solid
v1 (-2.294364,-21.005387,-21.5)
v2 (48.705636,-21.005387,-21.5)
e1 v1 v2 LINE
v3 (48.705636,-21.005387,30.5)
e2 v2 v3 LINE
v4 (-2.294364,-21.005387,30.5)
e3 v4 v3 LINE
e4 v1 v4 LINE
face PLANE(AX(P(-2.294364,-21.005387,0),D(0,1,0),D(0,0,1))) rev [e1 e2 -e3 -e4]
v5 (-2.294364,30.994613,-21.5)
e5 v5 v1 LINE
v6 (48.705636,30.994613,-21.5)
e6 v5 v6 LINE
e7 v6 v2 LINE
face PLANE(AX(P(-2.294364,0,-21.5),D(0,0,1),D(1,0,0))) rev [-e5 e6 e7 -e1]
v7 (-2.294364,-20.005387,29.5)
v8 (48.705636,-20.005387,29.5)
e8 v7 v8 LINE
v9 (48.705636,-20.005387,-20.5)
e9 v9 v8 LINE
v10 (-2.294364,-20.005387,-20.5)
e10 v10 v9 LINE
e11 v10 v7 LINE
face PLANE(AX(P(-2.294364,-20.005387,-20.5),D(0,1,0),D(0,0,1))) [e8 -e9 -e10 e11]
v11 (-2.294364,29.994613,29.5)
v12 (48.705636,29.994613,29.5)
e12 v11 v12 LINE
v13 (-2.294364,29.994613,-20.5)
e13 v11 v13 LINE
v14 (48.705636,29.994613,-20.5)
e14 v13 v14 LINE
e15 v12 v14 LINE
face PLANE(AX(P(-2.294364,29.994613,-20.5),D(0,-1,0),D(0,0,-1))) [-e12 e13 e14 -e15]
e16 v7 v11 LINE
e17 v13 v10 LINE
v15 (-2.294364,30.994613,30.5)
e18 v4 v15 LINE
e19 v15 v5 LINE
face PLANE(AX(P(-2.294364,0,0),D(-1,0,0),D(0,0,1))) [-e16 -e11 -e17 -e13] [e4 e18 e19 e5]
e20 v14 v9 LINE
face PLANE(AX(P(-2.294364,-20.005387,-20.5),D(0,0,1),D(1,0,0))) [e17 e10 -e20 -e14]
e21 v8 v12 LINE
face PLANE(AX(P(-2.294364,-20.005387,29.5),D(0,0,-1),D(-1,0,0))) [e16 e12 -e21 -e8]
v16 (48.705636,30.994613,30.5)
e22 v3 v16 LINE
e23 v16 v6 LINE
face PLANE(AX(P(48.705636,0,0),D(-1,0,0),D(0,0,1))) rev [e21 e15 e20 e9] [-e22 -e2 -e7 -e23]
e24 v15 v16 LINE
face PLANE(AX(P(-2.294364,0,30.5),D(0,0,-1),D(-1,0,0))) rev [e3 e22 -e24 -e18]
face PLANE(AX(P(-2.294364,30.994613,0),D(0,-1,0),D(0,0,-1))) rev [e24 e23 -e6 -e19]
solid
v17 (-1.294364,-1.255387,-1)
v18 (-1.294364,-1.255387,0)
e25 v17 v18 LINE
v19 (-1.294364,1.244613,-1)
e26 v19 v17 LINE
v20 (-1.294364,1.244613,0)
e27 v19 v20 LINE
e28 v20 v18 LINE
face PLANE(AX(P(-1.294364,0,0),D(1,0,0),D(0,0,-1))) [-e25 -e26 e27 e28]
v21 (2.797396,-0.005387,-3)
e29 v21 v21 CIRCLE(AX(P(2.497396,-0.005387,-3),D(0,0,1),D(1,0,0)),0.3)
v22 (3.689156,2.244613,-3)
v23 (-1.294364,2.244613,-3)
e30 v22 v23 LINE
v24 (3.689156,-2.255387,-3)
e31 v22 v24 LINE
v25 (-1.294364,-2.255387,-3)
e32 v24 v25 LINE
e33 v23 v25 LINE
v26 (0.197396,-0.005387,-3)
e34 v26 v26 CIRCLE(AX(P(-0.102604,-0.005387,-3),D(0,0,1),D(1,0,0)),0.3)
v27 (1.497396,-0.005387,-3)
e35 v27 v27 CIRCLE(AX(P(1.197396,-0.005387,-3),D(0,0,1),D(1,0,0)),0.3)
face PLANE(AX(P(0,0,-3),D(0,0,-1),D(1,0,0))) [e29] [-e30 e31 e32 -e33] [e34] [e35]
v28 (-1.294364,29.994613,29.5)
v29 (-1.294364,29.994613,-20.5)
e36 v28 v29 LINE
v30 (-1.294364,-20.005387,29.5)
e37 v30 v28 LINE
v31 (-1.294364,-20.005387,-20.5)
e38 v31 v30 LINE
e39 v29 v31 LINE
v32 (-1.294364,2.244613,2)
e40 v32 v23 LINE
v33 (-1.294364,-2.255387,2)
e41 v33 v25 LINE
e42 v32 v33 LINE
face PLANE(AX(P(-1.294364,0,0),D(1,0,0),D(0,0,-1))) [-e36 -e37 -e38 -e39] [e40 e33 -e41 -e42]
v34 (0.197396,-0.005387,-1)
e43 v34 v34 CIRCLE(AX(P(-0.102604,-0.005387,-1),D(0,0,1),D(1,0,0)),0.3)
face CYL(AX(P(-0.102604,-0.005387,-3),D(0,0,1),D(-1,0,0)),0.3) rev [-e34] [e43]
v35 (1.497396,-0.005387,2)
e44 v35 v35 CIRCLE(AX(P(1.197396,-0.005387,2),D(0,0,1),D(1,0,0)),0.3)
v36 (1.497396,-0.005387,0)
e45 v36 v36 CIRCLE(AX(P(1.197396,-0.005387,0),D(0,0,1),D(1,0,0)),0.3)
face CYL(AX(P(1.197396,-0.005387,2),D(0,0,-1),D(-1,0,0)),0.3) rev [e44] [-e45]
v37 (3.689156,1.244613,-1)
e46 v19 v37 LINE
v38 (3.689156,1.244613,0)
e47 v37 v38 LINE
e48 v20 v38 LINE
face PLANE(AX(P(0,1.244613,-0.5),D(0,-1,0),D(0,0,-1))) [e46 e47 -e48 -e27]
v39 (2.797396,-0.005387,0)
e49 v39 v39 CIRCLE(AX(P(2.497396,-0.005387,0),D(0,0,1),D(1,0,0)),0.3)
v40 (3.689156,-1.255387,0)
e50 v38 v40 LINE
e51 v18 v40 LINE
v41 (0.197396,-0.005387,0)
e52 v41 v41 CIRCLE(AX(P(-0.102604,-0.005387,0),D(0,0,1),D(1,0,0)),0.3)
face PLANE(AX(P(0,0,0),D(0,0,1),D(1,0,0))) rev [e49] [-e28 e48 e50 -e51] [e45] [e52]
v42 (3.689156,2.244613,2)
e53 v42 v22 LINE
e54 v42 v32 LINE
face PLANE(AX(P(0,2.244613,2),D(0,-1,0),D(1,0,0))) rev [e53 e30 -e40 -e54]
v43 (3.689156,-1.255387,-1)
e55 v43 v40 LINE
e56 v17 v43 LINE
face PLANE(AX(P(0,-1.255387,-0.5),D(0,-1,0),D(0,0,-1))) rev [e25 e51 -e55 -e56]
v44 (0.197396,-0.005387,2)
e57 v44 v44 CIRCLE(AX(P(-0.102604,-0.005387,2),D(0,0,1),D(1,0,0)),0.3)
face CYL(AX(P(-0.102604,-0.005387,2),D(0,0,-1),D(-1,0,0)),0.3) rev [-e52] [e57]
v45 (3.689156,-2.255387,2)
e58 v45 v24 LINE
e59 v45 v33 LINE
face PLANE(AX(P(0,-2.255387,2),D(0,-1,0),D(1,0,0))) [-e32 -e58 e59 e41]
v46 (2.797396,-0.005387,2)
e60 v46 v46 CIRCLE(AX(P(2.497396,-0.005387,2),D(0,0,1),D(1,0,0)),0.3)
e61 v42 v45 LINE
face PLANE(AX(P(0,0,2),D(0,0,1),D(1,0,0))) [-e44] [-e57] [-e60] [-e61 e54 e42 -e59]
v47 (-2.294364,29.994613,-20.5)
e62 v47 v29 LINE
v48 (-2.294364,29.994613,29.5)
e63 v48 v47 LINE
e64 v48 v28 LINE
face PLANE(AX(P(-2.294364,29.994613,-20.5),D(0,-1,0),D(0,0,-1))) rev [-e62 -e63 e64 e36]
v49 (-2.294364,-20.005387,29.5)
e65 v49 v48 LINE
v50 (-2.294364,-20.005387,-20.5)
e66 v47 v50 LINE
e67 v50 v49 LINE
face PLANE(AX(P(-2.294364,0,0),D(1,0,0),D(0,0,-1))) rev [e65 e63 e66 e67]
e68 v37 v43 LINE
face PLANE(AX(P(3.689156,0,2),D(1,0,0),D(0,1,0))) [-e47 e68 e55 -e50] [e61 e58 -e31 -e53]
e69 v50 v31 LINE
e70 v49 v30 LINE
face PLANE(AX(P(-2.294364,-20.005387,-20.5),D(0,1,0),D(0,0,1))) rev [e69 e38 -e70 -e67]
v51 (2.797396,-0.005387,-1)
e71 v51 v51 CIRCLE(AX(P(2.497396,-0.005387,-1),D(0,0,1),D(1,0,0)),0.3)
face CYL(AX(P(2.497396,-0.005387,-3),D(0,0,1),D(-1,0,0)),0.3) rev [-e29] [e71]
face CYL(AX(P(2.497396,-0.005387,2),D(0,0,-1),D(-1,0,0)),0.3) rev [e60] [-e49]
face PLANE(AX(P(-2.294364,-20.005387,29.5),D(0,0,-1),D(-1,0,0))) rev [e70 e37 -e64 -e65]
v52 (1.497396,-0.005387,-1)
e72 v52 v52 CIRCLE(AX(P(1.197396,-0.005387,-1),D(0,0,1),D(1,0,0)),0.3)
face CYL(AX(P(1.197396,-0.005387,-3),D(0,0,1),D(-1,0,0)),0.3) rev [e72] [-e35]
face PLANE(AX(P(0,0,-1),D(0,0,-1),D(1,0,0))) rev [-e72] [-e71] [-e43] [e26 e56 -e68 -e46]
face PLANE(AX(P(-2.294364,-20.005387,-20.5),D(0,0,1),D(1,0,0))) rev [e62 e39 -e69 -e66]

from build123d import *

# Parameters (mm, degrees)
SKETCH1_W                = 4.983520766
SKETCH1_H                = 4.5
SKETCH1_R                = 0.3
BOSS_EXTRUDE1_DEPTH      = 2
SKETCH1_4_W              = 4.983520766
SKETCH1_4_H              = 1
BOSS_EXTRUDE4_DEPTH      = 0.5
SKETCH2_W                = 50
SKETCH2_H                = 50
BOSS_EXTRUDE2_DEPTH      = 1
EXTRUDE_THIN1_DEPTH      = 1
EXTRUDE_THIN1_DEPTH_BACK = 50
SKETCH2_2_W              = 52
SKETCH2_2_H              = 52
SKETCH2_2_W_2            = 50
SKETCH2_2_H_2            = 50


with BuildPart() as part:
    # Sketch1 → Boss-Extrude1 (new body)
    with BuildSketch(Plane.XY):
        with Locations((1.197396054, -0.00538707)):
            Rectangle(SKETCH1_W, SKETCH1_H)
        with Locations((2.497396054, -0.00538707)):
            Circle(SKETCH1_R, mode=Mode.SUBTRACT)
        with Locations((-0.102603946, -0.00538707)):
            Circle(SKETCH1_R, mode=Mode.SUBTRACT)
        with Locations((1.197396054, -0.00538707)):
            Circle(SKETCH1_R, mode=Mode.SUBTRACT)
    extrude(amount=BOSS_EXTRUDE1_DEPTH)

    # Sketch1<4> → Boss-Extrude4 (add)
    with BuildSketch(Plane.XY):
        with Locations((1.197396054, -1.75538707)):
            Rectangle(SKETCH1_4_W, SKETCH1_4_H)
        with Locations((1.197396054, 1.74461293)):
            Rectangle(SKETCH1_4_W, SKETCH1_4_H)
    extrude(amount=-BOSS_EXTRUDE4_DEPTH)


with BuildPart() as body_2:
    # Mirror1: mirrored copy
    add(part.part.mirror(Plane(origin=(0, 0, -0.5), x_dir=(1, 0, 0), z_dir=(0, 0, -1))))


with BuildPart() as part_1:
    add(part.part)

    add(body_2.part)  # Boss-Extrude2 merges body 2
    # Sketch2 → Boss-Extrude2 (add)
    with BuildSketch(Plane.ZY.offset(1.294364329)):
        with Locations((4.5, 4.99461293)):
            Rectangle(SKETCH2_W, SKETCH2_H)
    extrude(amount=BOSS_EXTRUDE2_DEPTH)


with BuildPart() as body_2_2:
    # Sketch2<2> → Extrude-Thin1 (new, two sides: drawn at the far end of the back side and taken through both)
    with BuildSketch(Plane.ZY.offset(1.294364329).offset(-EXTRUDE_THIN1_DEPTH_BACK)):
        with Locations((4.5, 4.99461293)):
            Rectangle(SKETCH2_2_W, SKETCH2_2_H)
        with Locations((4.5, 4.99461293)):
            Rectangle(SKETCH2_2_W_2, SKETCH2_2_H_2, mode=Mode.SUBTRACT)
    extrude(amount=EXTRUDE_THIN1_DEPTH + EXTRUDE_THIN1_DEPTH_BACK)


solid = Compound([part_1.part, body_2_2.part])
